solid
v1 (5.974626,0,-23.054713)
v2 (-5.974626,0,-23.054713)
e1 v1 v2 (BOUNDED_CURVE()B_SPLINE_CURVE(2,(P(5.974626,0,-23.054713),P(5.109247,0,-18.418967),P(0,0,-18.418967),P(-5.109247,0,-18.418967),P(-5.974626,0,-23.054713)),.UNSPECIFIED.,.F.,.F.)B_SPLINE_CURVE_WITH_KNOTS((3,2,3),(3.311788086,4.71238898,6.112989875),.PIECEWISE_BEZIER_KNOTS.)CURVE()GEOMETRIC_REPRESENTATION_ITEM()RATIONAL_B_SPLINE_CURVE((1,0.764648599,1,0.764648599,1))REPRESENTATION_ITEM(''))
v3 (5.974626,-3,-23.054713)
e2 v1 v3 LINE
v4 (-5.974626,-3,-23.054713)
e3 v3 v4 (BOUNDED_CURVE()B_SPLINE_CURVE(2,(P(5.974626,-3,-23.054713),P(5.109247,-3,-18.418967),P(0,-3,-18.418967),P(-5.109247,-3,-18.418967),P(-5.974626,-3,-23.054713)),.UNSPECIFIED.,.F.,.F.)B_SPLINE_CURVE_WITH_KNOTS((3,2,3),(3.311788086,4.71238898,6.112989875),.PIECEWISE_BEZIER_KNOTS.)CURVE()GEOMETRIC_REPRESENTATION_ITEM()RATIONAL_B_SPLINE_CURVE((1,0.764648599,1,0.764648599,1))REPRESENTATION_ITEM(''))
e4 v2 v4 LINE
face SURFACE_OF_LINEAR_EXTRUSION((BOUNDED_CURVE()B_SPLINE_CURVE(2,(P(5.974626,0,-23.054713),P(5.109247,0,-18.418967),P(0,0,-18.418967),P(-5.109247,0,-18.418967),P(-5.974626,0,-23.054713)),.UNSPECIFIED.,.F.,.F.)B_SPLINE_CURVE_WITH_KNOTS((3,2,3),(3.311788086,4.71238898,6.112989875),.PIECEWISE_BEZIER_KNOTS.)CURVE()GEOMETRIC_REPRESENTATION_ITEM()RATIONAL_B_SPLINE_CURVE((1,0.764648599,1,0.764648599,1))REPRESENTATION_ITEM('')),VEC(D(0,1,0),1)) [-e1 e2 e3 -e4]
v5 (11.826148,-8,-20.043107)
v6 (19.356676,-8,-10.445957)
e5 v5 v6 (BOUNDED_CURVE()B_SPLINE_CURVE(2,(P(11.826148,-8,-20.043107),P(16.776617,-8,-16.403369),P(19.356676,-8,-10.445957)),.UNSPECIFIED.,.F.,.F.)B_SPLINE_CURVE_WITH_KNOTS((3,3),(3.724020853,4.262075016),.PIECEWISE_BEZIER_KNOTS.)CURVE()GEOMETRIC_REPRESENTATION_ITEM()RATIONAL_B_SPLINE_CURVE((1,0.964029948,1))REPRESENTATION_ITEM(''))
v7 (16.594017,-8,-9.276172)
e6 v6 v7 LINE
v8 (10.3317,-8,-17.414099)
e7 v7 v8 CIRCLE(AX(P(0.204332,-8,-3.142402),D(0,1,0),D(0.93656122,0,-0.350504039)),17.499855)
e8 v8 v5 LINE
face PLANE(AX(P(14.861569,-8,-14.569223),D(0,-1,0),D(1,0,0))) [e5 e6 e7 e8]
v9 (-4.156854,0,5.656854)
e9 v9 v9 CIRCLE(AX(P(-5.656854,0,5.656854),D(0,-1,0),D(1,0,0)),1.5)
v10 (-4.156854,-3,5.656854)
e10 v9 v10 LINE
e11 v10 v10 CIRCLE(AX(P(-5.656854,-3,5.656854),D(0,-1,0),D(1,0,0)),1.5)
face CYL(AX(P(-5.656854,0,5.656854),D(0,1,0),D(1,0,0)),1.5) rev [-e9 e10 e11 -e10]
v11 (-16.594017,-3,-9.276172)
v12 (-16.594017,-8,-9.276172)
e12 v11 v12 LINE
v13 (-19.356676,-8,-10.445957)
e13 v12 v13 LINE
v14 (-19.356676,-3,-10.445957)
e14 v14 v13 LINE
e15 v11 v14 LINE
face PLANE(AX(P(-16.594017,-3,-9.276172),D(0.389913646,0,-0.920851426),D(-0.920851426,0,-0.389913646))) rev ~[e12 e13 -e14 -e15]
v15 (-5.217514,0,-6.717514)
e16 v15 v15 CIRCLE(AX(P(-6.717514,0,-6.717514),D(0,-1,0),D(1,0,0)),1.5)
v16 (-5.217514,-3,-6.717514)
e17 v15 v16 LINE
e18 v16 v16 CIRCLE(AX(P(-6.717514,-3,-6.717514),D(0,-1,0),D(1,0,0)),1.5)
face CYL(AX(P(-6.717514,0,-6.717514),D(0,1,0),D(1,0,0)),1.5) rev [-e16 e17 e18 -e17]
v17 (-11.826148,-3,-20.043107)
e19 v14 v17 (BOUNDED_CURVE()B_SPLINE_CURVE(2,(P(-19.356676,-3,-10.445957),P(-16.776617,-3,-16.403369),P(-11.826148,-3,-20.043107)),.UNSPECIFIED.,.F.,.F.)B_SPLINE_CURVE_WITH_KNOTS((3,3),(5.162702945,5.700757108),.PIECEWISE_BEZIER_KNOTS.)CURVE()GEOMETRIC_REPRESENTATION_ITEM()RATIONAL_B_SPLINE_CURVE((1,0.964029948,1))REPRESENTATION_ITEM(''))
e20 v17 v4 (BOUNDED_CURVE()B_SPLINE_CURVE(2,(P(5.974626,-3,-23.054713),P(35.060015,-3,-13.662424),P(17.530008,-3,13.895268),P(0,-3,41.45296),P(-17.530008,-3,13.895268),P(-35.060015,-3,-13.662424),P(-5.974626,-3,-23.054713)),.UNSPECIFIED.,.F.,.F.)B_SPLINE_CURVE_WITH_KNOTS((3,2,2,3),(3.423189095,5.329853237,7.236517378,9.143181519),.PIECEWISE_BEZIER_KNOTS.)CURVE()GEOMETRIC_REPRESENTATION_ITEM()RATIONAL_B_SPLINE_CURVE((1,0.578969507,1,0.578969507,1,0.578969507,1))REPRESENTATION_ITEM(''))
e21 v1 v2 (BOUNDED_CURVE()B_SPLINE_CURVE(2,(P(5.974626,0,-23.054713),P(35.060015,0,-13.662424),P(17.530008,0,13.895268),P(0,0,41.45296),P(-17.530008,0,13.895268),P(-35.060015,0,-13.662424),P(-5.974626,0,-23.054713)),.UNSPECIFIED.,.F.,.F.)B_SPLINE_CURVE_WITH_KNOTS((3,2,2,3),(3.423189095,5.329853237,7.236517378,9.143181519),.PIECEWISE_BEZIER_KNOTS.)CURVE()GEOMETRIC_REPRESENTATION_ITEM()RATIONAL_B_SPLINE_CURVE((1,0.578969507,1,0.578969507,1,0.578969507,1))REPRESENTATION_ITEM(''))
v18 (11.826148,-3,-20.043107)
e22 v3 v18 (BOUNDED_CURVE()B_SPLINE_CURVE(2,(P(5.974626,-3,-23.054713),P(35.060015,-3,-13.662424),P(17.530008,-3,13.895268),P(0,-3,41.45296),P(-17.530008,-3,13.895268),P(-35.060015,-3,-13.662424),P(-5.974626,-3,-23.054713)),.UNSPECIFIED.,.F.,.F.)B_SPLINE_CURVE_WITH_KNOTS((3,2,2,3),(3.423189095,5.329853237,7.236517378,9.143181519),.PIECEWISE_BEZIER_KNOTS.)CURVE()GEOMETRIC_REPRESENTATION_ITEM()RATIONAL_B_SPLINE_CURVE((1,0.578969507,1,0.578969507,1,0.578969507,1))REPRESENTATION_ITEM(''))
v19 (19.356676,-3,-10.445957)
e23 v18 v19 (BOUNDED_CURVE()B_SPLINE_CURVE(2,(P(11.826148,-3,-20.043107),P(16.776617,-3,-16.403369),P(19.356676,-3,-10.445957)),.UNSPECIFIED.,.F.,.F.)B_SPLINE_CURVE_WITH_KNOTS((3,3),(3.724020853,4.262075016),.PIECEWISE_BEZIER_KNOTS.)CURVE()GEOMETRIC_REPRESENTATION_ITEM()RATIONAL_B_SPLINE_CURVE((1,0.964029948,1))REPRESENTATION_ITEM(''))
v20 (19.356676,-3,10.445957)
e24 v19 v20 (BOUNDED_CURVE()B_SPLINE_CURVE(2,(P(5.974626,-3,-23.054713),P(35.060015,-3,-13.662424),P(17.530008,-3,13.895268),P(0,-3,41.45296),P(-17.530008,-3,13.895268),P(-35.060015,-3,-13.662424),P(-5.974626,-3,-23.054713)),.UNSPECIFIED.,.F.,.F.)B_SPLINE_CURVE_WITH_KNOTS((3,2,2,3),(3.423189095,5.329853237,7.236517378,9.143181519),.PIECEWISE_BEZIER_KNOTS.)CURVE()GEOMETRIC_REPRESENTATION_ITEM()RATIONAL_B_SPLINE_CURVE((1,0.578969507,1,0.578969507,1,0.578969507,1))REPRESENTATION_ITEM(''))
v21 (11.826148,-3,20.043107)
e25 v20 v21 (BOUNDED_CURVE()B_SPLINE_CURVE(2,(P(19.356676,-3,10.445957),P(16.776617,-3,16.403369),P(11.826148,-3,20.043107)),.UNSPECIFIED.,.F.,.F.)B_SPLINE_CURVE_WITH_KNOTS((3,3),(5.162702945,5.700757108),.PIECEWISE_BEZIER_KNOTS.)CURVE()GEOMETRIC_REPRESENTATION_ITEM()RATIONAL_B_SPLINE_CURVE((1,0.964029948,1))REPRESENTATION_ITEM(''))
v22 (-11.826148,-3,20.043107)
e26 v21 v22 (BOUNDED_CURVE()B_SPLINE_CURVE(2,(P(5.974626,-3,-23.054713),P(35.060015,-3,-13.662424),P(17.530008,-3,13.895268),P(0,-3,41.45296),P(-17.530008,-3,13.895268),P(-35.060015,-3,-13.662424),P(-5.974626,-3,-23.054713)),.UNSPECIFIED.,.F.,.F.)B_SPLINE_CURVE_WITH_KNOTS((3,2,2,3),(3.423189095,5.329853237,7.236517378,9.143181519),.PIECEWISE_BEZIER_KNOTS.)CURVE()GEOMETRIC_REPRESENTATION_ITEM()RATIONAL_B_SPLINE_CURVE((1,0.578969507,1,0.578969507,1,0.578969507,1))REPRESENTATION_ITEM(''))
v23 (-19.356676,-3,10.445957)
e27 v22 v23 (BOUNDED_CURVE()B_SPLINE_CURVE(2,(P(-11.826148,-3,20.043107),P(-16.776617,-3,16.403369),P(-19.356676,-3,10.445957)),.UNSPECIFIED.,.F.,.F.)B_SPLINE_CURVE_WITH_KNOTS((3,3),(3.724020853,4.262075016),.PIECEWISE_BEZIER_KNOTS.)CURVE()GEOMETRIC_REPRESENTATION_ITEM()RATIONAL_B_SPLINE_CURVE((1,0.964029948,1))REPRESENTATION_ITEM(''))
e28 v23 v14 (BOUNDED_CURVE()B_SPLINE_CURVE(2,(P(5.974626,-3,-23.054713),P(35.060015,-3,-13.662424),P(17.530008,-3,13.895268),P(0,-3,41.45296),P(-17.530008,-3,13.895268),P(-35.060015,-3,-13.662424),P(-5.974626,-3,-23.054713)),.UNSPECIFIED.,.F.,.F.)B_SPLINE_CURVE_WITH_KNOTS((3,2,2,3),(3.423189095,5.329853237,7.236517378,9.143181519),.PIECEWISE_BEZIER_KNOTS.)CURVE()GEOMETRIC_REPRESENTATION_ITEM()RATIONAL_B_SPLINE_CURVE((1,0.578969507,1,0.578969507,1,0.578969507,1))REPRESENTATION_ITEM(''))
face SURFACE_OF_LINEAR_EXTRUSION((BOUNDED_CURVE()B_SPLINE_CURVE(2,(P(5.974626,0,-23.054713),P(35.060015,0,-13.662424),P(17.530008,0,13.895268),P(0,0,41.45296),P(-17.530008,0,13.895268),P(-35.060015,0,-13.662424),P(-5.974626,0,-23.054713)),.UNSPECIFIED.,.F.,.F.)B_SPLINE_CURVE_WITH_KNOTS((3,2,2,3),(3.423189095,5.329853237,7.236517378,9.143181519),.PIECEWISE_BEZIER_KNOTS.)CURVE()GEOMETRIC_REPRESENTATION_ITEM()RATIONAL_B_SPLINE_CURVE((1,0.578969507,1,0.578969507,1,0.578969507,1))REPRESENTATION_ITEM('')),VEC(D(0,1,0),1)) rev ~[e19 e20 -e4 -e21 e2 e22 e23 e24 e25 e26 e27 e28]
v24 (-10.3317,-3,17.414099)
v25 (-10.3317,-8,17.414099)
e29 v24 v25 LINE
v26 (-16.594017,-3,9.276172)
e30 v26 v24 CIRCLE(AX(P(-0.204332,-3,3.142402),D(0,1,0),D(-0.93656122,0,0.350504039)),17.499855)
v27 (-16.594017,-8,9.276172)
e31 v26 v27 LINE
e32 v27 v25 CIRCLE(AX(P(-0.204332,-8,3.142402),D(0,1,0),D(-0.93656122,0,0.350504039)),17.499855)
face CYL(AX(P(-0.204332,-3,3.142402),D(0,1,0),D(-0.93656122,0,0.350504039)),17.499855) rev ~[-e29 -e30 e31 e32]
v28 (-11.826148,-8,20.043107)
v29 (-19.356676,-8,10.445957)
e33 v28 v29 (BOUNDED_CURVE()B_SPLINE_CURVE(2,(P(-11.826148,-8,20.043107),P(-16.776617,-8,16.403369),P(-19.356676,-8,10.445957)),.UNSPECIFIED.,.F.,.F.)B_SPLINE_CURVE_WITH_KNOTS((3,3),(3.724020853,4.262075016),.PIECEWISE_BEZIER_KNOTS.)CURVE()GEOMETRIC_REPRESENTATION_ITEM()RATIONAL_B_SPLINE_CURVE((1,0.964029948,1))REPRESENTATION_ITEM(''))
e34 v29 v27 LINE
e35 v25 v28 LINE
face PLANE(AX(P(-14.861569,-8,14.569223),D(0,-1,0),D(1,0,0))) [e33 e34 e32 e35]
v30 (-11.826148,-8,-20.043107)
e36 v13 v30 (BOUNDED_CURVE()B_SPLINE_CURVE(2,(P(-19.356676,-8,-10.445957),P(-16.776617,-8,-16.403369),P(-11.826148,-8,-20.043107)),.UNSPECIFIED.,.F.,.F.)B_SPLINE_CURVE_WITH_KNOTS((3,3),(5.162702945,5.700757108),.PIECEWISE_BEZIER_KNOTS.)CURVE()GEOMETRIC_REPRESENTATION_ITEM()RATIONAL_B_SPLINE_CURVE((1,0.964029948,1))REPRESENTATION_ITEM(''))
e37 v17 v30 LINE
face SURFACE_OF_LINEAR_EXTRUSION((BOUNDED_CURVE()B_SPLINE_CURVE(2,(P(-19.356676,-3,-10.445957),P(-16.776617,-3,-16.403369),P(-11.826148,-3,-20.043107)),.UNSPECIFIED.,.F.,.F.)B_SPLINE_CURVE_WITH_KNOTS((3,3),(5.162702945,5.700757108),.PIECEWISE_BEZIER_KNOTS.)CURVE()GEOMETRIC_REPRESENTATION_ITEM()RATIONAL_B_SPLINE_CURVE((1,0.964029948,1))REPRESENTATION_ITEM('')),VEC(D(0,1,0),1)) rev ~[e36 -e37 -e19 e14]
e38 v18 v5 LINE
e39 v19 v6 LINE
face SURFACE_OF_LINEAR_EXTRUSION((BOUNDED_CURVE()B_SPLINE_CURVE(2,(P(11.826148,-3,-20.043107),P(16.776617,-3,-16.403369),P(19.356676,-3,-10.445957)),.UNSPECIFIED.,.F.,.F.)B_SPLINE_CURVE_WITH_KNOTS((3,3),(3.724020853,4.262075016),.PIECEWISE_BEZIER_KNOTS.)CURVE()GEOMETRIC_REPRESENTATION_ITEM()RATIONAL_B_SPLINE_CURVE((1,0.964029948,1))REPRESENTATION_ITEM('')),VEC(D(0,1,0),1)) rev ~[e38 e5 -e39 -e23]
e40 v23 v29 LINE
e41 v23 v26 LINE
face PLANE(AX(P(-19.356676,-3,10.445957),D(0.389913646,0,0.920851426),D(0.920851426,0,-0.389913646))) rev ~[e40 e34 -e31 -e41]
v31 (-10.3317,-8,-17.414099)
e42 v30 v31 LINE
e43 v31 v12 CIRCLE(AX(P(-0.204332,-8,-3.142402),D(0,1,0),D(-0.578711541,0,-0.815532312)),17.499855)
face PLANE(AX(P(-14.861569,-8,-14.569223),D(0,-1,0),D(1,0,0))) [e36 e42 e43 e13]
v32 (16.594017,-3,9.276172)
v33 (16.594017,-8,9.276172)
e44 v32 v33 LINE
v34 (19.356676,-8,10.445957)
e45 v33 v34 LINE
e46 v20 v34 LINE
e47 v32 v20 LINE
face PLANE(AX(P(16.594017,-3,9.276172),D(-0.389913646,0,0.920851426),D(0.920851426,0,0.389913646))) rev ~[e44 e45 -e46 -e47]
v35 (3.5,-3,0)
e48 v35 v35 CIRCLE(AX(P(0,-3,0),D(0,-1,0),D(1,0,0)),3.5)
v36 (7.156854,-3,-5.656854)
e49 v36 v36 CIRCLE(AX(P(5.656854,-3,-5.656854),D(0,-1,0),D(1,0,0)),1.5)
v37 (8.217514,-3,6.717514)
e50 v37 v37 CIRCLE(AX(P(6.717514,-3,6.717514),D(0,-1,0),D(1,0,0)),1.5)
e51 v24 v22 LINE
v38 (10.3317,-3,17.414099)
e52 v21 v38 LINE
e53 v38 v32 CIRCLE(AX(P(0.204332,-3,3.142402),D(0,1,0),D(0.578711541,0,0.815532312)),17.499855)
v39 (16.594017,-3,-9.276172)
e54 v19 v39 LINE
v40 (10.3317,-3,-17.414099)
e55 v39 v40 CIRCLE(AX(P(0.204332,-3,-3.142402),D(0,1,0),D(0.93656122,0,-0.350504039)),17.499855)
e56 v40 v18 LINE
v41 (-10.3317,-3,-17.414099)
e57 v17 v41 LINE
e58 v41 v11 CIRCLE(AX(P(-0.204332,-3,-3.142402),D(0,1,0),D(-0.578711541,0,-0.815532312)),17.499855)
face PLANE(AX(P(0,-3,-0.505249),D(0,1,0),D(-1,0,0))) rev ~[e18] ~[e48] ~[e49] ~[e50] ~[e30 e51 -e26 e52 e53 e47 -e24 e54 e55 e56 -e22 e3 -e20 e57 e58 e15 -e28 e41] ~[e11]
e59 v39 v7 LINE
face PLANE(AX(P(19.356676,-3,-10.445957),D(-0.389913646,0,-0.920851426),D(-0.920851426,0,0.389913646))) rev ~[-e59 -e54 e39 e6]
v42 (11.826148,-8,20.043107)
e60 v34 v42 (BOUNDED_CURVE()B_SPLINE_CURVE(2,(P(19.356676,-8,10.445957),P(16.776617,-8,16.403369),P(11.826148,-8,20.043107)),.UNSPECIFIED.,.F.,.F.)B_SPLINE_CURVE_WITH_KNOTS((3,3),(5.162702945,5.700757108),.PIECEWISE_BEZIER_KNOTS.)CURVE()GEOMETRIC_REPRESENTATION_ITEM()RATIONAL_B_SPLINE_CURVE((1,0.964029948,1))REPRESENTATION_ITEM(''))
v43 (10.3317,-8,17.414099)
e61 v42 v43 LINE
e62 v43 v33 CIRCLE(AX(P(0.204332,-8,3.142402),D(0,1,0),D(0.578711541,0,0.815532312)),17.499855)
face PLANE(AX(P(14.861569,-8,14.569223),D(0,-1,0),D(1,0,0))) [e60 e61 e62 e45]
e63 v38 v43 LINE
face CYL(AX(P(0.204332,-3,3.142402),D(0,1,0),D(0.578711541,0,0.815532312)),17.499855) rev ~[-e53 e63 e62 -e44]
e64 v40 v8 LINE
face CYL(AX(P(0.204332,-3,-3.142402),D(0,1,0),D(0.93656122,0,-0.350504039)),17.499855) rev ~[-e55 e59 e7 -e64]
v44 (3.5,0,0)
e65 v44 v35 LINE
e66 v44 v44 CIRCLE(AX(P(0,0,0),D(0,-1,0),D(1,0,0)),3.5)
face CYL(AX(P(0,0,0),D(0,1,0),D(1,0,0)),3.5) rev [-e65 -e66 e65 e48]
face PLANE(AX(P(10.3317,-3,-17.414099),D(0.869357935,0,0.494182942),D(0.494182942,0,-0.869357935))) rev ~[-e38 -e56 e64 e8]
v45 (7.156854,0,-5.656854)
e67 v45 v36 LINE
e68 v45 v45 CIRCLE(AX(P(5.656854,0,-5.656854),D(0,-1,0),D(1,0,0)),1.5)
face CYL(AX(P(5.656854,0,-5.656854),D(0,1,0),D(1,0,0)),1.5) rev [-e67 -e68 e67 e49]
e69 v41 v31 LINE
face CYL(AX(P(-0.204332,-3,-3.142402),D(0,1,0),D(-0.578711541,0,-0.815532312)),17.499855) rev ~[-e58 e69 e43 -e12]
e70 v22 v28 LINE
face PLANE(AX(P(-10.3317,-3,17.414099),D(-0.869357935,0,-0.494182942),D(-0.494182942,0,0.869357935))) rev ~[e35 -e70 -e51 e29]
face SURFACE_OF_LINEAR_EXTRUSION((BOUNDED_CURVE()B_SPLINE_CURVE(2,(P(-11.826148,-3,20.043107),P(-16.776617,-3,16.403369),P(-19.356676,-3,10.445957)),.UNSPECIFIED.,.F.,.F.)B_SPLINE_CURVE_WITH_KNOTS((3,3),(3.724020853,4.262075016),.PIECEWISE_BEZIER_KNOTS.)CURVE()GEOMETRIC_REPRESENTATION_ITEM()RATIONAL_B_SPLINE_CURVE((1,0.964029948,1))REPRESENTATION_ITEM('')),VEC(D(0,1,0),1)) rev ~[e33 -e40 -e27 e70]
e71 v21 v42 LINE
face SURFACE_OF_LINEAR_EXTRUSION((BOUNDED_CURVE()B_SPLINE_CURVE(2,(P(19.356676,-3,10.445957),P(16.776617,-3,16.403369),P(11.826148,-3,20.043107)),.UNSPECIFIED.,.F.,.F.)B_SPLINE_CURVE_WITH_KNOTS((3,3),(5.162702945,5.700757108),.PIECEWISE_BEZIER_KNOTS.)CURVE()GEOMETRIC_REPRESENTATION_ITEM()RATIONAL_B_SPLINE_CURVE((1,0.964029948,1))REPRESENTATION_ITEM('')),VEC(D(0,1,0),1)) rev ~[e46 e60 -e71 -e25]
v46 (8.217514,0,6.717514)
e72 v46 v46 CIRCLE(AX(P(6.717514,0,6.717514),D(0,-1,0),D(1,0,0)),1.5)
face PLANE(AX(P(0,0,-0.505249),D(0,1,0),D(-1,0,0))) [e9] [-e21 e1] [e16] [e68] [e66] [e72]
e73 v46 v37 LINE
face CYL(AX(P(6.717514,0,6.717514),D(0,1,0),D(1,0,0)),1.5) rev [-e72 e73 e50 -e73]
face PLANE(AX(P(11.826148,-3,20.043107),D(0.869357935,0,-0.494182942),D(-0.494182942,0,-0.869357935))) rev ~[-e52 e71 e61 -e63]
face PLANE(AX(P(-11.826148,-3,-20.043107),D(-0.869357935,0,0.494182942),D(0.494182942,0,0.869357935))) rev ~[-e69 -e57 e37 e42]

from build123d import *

# Parameters (mm, degrees)
F0_R     = 1.5
F0_R_2   = 3.5
F1_DEPTH = 3
F3_DEPTH = 5


with BuildPart() as f1:
    # F0 (on Front) → F1 (new body)
    with BuildSketch(Plane.XZ):
        with BuildLine():
            add(Edge.make_bspline(
                [(5.974625644, -23.0547126744), (5.1092471146, -18.4189665252), (0, -18.4189665252), (-5.1092471146, -18.4189665252), (-5.974625644, -23.0547126744)],
                knots=[3.3117880857, 3.3117880857, 3.3117880857, 4.7123889804, 4.7123889804, 6.1129898751, 6.1129898751, 6.1129898751], degree=2, weights=[1, 0.7646485993, 1, 0.7646485993, 1]))
            add(Edge.make_bspline(
                [(5.974625644, -23.0547126744), (35.0600153752, -13.6624239269), (17.5300076876, 13.8952681794), (0, 41.4529602857), (-17.5300076876, 13.8952681794), (-35.0600153752, -13.6624239269), (-5.974625644, -23.0547126744)],
                knots=[3.4231890954, 3.4231890954, 3.4231890954, 5.3298532366, 5.3298532366, 7.2365173778, 7.2365173778, 9.143181519, 9.143181519, 9.143181519], degree=2, weights=[1, 0.5789695075, 1, 0.5789695075, 1, 0.5789695075, 1]))
        make_face()
        with Locations((-6.7175144187, -6.7175144239)):
            Circle(F0_R, mode=Mode.SUBTRACT)
        with Locations((5.6568542502, -5.6568542488)):
            Circle(F0_R, mode=Mode.SUBTRACT)
        Circle(F0_R_2, mode=Mode.SUBTRACT)
        with Locations((-5.6568542517, 5.6568542473)):
            Circle(F0_R, mode=Mode.SUBTRACT)
        with Locations((6.7175144187, 6.7175144239)):
            Circle(F0_R, mode=Mode.SUBTRACT)
    extrude(amount=F1_DEPTH)

    # F2 (on face) → F3 (join)
    with BuildSketch(Plane.XZ.offset(3)):
        with BuildLine():
            Line((16.5940169989, 9.2761721889), (19.3566756245, 10.44595731))
            add(Edge.make_bspline(
                [(19.3566756245, 10.44595731), (16.7766172987, 16.4033689981), (11.8261484692, 20.0431073747)],
                knots=[5.1627029451, 5.1627029451, 5.1627029451, 5.7007571079, 5.7007571079, 5.7007571079], degree=2, weights=[1, 0.9640299482, 1]))
            Line((11.8261484692, 20.0431073747), (10.3316996668, 17.4140993408))
            ThreePointArc((10.3316996668, 17.4140993408), (14.073181445, 13.8147930783), (16.5940169989, 9.2761721889))
        make_face()
        with BuildLine():
            ThreePointArc((16.5940169989, -9.2761721889), (14.073181445, -13.8147930783), (10.3316996668, -17.4140993408))
            Line((10.3316996668, -17.4140993408), (11.8261484692, -20.0431073747))
            add(Edge.make_bspline(
                [(11.8261484692, -20.0431073747), (16.7766172987, -16.4033689981), (19.3566756245, -10.44595731)],
                knots=[3.7240208529, 3.7240208529, 3.7240208529, 4.2620750157, 4.2620750157, 4.2620750157], degree=2, weights=[1, 0.9640299482, 1]))
            Line((19.3566756245, -10.44595731), (16.5940169989, -9.2761721889))
        make_face()
        with BuildLine():
            ThreePointArc((-16.5940169989, 9.2761721889), (-14.073181445, 13.8147930783), (-10.3316996668, 17.4140993408))
            Line((-10.3316996668, 17.4140993408), (-11.8261484692, 20.0431073747))
            add(Edge.make_bspline(
                [(-11.8261484692, 20.0431073747), (-16.7766172987, 16.4033689981), (-19.3566756245, 10.44595731)],
                knots=[3.7240208529, 3.7240208529, 3.7240208529, 4.2620750157, 4.2620750157, 4.2620750157], degree=2, weights=[1, 0.9640299482, 1]))
            Line((-19.3566756245, 10.44595731), (-16.5940169989, 9.2761721889))
        make_face()
        with BuildLine():
            ThreePointArc((-10.3316996668, -17.4140993408), (-14.073181445, -13.8147930783), (-16.5940169989, -9.2761721889))
            Line((-16.5940169989, -9.2761721889), (-19.3566756245, -10.44595731))
            add(Edge.make_bspline(
                [(-19.3566756245, -10.44595731), (-16.7766172987, -16.4033689981), (-11.8261484692, -20.0431073747)],
                knots=[5.1627029451, 5.1627029451, 5.1627029451, 5.7007571079, 5.7007571079, 5.7007571079], degree=2, weights=[1, 0.9640299482, 1]))
            Line((-11.8261484692, -20.0431073747), (-10.3316996668, -17.4140993408))
        make_face()
    extrude(amount=F3_DEPTH)


solid = f1.part
